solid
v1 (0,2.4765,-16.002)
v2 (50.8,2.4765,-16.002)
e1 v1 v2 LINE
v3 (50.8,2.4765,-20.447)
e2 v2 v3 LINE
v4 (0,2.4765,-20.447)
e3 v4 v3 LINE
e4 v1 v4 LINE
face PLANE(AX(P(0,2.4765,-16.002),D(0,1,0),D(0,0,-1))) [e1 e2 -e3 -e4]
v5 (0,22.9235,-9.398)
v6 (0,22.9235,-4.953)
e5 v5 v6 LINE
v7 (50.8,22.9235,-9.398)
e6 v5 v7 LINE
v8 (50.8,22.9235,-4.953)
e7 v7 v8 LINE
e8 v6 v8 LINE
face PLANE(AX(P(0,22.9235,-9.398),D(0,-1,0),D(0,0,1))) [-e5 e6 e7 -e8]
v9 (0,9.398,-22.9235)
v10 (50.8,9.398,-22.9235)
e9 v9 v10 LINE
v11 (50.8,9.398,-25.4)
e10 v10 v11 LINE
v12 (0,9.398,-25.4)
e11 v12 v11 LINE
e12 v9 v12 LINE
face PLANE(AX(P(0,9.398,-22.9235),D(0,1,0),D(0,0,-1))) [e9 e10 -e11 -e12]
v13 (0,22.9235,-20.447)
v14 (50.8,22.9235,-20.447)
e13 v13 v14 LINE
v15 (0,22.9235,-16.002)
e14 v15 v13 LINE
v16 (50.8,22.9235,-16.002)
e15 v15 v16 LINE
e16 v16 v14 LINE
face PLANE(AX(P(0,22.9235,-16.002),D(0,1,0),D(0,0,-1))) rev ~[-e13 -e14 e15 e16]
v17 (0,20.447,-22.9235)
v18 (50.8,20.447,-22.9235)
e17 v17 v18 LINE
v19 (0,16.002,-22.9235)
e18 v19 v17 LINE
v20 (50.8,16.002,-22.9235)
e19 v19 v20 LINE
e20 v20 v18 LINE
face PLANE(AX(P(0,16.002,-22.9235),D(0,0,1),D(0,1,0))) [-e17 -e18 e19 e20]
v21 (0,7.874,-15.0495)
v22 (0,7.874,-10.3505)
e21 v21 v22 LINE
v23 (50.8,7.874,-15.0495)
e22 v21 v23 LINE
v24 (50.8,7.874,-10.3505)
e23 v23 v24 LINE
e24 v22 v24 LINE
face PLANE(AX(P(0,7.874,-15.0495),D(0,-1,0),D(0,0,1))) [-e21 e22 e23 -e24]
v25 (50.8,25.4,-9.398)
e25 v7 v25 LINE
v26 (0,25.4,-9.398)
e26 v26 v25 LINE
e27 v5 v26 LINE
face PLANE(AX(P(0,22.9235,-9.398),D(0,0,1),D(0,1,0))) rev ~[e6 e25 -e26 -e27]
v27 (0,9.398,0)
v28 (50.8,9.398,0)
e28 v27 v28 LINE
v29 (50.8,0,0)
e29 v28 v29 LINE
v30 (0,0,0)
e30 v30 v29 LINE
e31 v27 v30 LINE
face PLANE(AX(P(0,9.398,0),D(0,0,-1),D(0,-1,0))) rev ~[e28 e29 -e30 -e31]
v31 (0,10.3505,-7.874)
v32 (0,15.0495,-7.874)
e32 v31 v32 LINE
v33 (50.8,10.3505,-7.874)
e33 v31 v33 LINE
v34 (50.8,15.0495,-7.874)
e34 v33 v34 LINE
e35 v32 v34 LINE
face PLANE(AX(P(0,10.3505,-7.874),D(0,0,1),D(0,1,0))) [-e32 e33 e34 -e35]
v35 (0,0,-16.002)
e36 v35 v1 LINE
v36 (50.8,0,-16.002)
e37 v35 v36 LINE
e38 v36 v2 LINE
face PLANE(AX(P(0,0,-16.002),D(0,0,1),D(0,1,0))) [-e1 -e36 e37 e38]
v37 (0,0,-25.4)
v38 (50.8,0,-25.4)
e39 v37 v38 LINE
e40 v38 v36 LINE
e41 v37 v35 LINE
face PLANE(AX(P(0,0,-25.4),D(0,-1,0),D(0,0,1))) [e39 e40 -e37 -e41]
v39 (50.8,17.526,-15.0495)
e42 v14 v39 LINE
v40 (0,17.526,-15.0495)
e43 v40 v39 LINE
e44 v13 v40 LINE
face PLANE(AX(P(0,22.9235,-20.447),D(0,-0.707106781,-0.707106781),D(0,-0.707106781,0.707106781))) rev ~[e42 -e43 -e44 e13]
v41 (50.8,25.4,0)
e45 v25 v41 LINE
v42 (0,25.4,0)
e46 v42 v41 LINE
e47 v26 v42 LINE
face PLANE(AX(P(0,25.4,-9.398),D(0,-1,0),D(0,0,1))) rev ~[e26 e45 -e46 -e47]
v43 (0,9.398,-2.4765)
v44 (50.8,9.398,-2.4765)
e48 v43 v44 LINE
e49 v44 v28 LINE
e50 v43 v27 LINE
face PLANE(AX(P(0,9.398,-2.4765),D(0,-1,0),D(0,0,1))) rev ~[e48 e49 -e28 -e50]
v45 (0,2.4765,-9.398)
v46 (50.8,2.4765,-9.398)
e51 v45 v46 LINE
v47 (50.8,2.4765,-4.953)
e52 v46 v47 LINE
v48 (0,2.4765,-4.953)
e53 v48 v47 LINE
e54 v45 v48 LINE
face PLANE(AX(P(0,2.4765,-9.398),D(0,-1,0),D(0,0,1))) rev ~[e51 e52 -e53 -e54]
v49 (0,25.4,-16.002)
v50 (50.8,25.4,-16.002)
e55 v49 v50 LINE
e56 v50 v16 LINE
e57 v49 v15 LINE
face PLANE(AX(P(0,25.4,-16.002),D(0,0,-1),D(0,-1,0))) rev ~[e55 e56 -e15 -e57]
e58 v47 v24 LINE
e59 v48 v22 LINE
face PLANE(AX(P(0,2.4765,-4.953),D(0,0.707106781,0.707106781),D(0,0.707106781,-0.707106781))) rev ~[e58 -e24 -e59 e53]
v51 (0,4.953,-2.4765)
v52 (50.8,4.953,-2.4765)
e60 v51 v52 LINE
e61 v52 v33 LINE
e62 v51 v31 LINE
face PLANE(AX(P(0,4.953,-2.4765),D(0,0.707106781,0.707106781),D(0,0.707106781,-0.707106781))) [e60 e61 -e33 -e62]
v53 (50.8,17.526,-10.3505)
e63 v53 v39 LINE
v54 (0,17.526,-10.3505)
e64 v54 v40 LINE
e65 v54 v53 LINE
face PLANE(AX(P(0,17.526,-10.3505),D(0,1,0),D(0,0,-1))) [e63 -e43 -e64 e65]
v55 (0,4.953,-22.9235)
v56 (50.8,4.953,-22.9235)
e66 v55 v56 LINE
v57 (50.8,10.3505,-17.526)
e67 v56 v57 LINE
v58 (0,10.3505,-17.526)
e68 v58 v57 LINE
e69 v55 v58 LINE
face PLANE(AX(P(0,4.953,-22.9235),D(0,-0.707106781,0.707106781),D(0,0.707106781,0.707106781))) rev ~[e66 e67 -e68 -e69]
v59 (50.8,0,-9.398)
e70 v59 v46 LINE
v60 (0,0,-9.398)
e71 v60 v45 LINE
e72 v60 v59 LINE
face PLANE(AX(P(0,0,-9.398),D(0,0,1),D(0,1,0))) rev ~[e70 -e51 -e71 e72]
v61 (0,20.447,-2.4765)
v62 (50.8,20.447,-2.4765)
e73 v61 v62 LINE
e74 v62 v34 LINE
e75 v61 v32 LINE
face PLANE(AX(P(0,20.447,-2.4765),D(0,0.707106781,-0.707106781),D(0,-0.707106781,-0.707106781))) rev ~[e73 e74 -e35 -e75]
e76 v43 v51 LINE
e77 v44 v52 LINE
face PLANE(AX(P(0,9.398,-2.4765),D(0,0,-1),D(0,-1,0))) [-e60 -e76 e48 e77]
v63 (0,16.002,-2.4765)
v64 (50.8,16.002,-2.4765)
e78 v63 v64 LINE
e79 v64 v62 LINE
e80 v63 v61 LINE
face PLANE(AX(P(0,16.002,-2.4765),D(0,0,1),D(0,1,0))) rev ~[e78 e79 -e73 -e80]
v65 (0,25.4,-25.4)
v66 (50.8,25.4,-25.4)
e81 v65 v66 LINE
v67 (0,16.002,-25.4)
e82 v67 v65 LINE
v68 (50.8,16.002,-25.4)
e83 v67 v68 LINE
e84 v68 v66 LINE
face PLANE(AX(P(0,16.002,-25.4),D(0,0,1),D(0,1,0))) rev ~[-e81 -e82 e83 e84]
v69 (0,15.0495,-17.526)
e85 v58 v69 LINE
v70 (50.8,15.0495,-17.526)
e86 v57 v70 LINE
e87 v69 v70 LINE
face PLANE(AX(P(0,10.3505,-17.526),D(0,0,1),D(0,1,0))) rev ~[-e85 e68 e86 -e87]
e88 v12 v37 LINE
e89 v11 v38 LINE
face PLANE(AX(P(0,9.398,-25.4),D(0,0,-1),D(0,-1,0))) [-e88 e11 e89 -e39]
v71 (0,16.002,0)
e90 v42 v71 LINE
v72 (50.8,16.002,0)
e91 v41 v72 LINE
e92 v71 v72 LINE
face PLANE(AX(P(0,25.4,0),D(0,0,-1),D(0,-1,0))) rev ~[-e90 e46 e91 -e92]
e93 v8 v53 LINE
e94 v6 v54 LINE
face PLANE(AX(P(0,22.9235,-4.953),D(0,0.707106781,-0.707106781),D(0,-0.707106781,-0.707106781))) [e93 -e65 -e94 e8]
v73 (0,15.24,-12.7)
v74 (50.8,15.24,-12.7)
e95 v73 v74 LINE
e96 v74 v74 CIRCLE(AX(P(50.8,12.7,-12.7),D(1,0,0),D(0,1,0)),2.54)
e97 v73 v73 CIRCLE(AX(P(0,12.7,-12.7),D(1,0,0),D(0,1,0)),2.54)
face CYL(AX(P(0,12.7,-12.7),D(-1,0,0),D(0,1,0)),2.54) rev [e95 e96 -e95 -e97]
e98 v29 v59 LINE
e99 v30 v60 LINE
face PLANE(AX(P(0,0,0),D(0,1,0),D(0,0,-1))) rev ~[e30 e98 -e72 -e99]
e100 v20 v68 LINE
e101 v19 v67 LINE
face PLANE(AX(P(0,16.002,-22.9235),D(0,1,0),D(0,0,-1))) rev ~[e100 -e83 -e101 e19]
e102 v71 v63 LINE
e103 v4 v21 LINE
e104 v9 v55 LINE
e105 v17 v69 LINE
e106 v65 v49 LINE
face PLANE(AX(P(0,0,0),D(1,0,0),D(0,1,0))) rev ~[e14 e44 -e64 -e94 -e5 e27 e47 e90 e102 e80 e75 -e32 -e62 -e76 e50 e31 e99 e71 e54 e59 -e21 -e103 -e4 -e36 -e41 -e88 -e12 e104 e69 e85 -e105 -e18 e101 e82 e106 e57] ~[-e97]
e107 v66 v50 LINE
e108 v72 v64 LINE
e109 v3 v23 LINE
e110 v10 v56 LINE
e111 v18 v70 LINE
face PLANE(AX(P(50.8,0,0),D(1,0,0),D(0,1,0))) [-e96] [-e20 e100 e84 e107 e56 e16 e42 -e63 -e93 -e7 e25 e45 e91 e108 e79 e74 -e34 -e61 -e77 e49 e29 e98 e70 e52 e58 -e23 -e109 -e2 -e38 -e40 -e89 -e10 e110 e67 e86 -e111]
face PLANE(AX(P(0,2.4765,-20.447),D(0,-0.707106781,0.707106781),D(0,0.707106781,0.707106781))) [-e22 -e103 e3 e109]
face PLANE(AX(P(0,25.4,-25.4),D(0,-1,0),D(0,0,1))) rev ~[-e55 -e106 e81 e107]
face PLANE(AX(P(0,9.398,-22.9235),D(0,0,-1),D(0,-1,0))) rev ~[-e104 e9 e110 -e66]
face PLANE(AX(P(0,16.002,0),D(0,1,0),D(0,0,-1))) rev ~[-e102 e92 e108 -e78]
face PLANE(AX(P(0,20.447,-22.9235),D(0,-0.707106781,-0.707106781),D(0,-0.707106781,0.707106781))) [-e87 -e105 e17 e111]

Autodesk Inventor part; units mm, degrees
ref_plane "YZ Plane" through (0, 0, 0) normal (1, 0, 0) x (0, 1, 0)
ref_plane "XZ Plane" through (0, 0, 0) normal (0, 1, 0) x (-1, 0, 0)
ref_plane "XY Plane" through (0, 0, 0) normal (0, 0, 1) x (1, 0, 0)
sketch "Sketch1" plane through (0, 0, 0) normal (1, 0, 0) x (0, 1, 0)
  line L0 (0, 0) -> (0, -9.398)
  line L1 (0, -9.398) -> (2.4765, -9.398)
  line L2 (9.398, -2.4765) -> (9.398, 0)
  line L3 (9.398, 0) -> (0, 0)
  line L4 (16.002, 0) -> (16.002, -2.4765)
  line L5 (22.9235, -9.398) -> (25.4, -9.398)
  line L6 (25.4, -9.398) -> (25.4, 0)
  line L7 (25.4, 0) -> (16.002, 0)
  line L8 (25.4, -16.002) -> (22.9235, -16.002)
  line L9 (16.002, -22.9235) -> (16.002, -25.4)
  line L10 (16.002, -25.4) -> (25.4, -25.4)
  line L11 (25.4, -25.4) -> (25.4, -16.002)
  line L12 (0, -16.002) -> (2.4765, -16.002)
  line L13 (9.398, -22.9235) -> (9.398, -25.4)
  line L14 (9.398, -25.4) -> (0, -25.4)
  line L15 (0, -25.4) -> (0, -16.002)
  line L16 (22.9235, -9.398) -> (22.9235, -4.953)
  line L17 (16.002, -2.4765) -> (20.447, -2.4765)
  line L18 (20.447, -2.4765) -> (15.0495, -7.874)
  line L19 (20.447, -2.4765) -> (28.0802, -2.4765) construction
  line L20 (22.9235, -4.953) -> (17.526, -10.3505)
  line L21 (22.9235, -16.002) -> (22.9235, -20.447)
  line L22 (22.9235, -20.447) -> (17.526, -15.0495)
  line L23 (16.002, -22.9235) -> (20.447, -22.9235)
  line L24 (20.447, -22.9235) -> (15.0495, -17.526)
  line L25 (2.4765, -16.002) -> (2.4765, -20.447)
  line L26 (2.4765, -20.447) -> (7.874, -15.0495)
  line L27 (9.398, -22.9235) -> (4.953, -22.9235)
  line L28 (4.953, -22.9235) -> (10.3505, -17.526)
  line L29 (9.398, -2.4765) -> (4.953, -2.4765)
  line L30 (4.953, -2.4765) -> (10.3505, -7.874)
  line L31 (2.4765, -9.398) -> (2.4765, -4.953)
  line L32 (2.4765, -4.953) -> (7.874, -10.3505)
  line L33 (10.3505, -7.874) -> (15.0495, -7.874)
  line L34 (17.526, -10.3505) -> (17.526, -15.0495)
  line L35 (10.3505, -17.526) -> (15.0495, -17.526)
  line L36 (7.874, -15.0495) -> (7.874, -10.3505)
  circle A0 centre (12.7, -12.7) radius 2.54
  dimension "d2" = 9.398
  dimension "d3" = 2.4765
  dimension "d7" = 2.4765
  dimension "d10" = 2.4765
  dimension "d11" = 25.4
  dimension "d13" = 2.4765
  dimension "d16" = 2.4765
  dimension "d17" = 9.398
  dimension "d18" = 25.4
  dimension "d23" = 2.4765
  dimension "d24" = 25.4
  dimension "d25" = 25.4
  dimension "d32" = 4.445
  dimension "d33" = 4.445
  dimension "d35" = 135
  dimension "d36" = 4.445
  dimension "d37" = 4.445
  dimension "d38" = 2.4765
  dimension "d40" = 4.445
  dimension "d41" = 4.445
  dimension "d42" = 4.445
  dimension "d43" = 4.445
  dimension "d44" = 5.08
extrude "Extrusion1" add sketch "Sketch1" along normal blind 50.8
properties part number "LatX24in1"
